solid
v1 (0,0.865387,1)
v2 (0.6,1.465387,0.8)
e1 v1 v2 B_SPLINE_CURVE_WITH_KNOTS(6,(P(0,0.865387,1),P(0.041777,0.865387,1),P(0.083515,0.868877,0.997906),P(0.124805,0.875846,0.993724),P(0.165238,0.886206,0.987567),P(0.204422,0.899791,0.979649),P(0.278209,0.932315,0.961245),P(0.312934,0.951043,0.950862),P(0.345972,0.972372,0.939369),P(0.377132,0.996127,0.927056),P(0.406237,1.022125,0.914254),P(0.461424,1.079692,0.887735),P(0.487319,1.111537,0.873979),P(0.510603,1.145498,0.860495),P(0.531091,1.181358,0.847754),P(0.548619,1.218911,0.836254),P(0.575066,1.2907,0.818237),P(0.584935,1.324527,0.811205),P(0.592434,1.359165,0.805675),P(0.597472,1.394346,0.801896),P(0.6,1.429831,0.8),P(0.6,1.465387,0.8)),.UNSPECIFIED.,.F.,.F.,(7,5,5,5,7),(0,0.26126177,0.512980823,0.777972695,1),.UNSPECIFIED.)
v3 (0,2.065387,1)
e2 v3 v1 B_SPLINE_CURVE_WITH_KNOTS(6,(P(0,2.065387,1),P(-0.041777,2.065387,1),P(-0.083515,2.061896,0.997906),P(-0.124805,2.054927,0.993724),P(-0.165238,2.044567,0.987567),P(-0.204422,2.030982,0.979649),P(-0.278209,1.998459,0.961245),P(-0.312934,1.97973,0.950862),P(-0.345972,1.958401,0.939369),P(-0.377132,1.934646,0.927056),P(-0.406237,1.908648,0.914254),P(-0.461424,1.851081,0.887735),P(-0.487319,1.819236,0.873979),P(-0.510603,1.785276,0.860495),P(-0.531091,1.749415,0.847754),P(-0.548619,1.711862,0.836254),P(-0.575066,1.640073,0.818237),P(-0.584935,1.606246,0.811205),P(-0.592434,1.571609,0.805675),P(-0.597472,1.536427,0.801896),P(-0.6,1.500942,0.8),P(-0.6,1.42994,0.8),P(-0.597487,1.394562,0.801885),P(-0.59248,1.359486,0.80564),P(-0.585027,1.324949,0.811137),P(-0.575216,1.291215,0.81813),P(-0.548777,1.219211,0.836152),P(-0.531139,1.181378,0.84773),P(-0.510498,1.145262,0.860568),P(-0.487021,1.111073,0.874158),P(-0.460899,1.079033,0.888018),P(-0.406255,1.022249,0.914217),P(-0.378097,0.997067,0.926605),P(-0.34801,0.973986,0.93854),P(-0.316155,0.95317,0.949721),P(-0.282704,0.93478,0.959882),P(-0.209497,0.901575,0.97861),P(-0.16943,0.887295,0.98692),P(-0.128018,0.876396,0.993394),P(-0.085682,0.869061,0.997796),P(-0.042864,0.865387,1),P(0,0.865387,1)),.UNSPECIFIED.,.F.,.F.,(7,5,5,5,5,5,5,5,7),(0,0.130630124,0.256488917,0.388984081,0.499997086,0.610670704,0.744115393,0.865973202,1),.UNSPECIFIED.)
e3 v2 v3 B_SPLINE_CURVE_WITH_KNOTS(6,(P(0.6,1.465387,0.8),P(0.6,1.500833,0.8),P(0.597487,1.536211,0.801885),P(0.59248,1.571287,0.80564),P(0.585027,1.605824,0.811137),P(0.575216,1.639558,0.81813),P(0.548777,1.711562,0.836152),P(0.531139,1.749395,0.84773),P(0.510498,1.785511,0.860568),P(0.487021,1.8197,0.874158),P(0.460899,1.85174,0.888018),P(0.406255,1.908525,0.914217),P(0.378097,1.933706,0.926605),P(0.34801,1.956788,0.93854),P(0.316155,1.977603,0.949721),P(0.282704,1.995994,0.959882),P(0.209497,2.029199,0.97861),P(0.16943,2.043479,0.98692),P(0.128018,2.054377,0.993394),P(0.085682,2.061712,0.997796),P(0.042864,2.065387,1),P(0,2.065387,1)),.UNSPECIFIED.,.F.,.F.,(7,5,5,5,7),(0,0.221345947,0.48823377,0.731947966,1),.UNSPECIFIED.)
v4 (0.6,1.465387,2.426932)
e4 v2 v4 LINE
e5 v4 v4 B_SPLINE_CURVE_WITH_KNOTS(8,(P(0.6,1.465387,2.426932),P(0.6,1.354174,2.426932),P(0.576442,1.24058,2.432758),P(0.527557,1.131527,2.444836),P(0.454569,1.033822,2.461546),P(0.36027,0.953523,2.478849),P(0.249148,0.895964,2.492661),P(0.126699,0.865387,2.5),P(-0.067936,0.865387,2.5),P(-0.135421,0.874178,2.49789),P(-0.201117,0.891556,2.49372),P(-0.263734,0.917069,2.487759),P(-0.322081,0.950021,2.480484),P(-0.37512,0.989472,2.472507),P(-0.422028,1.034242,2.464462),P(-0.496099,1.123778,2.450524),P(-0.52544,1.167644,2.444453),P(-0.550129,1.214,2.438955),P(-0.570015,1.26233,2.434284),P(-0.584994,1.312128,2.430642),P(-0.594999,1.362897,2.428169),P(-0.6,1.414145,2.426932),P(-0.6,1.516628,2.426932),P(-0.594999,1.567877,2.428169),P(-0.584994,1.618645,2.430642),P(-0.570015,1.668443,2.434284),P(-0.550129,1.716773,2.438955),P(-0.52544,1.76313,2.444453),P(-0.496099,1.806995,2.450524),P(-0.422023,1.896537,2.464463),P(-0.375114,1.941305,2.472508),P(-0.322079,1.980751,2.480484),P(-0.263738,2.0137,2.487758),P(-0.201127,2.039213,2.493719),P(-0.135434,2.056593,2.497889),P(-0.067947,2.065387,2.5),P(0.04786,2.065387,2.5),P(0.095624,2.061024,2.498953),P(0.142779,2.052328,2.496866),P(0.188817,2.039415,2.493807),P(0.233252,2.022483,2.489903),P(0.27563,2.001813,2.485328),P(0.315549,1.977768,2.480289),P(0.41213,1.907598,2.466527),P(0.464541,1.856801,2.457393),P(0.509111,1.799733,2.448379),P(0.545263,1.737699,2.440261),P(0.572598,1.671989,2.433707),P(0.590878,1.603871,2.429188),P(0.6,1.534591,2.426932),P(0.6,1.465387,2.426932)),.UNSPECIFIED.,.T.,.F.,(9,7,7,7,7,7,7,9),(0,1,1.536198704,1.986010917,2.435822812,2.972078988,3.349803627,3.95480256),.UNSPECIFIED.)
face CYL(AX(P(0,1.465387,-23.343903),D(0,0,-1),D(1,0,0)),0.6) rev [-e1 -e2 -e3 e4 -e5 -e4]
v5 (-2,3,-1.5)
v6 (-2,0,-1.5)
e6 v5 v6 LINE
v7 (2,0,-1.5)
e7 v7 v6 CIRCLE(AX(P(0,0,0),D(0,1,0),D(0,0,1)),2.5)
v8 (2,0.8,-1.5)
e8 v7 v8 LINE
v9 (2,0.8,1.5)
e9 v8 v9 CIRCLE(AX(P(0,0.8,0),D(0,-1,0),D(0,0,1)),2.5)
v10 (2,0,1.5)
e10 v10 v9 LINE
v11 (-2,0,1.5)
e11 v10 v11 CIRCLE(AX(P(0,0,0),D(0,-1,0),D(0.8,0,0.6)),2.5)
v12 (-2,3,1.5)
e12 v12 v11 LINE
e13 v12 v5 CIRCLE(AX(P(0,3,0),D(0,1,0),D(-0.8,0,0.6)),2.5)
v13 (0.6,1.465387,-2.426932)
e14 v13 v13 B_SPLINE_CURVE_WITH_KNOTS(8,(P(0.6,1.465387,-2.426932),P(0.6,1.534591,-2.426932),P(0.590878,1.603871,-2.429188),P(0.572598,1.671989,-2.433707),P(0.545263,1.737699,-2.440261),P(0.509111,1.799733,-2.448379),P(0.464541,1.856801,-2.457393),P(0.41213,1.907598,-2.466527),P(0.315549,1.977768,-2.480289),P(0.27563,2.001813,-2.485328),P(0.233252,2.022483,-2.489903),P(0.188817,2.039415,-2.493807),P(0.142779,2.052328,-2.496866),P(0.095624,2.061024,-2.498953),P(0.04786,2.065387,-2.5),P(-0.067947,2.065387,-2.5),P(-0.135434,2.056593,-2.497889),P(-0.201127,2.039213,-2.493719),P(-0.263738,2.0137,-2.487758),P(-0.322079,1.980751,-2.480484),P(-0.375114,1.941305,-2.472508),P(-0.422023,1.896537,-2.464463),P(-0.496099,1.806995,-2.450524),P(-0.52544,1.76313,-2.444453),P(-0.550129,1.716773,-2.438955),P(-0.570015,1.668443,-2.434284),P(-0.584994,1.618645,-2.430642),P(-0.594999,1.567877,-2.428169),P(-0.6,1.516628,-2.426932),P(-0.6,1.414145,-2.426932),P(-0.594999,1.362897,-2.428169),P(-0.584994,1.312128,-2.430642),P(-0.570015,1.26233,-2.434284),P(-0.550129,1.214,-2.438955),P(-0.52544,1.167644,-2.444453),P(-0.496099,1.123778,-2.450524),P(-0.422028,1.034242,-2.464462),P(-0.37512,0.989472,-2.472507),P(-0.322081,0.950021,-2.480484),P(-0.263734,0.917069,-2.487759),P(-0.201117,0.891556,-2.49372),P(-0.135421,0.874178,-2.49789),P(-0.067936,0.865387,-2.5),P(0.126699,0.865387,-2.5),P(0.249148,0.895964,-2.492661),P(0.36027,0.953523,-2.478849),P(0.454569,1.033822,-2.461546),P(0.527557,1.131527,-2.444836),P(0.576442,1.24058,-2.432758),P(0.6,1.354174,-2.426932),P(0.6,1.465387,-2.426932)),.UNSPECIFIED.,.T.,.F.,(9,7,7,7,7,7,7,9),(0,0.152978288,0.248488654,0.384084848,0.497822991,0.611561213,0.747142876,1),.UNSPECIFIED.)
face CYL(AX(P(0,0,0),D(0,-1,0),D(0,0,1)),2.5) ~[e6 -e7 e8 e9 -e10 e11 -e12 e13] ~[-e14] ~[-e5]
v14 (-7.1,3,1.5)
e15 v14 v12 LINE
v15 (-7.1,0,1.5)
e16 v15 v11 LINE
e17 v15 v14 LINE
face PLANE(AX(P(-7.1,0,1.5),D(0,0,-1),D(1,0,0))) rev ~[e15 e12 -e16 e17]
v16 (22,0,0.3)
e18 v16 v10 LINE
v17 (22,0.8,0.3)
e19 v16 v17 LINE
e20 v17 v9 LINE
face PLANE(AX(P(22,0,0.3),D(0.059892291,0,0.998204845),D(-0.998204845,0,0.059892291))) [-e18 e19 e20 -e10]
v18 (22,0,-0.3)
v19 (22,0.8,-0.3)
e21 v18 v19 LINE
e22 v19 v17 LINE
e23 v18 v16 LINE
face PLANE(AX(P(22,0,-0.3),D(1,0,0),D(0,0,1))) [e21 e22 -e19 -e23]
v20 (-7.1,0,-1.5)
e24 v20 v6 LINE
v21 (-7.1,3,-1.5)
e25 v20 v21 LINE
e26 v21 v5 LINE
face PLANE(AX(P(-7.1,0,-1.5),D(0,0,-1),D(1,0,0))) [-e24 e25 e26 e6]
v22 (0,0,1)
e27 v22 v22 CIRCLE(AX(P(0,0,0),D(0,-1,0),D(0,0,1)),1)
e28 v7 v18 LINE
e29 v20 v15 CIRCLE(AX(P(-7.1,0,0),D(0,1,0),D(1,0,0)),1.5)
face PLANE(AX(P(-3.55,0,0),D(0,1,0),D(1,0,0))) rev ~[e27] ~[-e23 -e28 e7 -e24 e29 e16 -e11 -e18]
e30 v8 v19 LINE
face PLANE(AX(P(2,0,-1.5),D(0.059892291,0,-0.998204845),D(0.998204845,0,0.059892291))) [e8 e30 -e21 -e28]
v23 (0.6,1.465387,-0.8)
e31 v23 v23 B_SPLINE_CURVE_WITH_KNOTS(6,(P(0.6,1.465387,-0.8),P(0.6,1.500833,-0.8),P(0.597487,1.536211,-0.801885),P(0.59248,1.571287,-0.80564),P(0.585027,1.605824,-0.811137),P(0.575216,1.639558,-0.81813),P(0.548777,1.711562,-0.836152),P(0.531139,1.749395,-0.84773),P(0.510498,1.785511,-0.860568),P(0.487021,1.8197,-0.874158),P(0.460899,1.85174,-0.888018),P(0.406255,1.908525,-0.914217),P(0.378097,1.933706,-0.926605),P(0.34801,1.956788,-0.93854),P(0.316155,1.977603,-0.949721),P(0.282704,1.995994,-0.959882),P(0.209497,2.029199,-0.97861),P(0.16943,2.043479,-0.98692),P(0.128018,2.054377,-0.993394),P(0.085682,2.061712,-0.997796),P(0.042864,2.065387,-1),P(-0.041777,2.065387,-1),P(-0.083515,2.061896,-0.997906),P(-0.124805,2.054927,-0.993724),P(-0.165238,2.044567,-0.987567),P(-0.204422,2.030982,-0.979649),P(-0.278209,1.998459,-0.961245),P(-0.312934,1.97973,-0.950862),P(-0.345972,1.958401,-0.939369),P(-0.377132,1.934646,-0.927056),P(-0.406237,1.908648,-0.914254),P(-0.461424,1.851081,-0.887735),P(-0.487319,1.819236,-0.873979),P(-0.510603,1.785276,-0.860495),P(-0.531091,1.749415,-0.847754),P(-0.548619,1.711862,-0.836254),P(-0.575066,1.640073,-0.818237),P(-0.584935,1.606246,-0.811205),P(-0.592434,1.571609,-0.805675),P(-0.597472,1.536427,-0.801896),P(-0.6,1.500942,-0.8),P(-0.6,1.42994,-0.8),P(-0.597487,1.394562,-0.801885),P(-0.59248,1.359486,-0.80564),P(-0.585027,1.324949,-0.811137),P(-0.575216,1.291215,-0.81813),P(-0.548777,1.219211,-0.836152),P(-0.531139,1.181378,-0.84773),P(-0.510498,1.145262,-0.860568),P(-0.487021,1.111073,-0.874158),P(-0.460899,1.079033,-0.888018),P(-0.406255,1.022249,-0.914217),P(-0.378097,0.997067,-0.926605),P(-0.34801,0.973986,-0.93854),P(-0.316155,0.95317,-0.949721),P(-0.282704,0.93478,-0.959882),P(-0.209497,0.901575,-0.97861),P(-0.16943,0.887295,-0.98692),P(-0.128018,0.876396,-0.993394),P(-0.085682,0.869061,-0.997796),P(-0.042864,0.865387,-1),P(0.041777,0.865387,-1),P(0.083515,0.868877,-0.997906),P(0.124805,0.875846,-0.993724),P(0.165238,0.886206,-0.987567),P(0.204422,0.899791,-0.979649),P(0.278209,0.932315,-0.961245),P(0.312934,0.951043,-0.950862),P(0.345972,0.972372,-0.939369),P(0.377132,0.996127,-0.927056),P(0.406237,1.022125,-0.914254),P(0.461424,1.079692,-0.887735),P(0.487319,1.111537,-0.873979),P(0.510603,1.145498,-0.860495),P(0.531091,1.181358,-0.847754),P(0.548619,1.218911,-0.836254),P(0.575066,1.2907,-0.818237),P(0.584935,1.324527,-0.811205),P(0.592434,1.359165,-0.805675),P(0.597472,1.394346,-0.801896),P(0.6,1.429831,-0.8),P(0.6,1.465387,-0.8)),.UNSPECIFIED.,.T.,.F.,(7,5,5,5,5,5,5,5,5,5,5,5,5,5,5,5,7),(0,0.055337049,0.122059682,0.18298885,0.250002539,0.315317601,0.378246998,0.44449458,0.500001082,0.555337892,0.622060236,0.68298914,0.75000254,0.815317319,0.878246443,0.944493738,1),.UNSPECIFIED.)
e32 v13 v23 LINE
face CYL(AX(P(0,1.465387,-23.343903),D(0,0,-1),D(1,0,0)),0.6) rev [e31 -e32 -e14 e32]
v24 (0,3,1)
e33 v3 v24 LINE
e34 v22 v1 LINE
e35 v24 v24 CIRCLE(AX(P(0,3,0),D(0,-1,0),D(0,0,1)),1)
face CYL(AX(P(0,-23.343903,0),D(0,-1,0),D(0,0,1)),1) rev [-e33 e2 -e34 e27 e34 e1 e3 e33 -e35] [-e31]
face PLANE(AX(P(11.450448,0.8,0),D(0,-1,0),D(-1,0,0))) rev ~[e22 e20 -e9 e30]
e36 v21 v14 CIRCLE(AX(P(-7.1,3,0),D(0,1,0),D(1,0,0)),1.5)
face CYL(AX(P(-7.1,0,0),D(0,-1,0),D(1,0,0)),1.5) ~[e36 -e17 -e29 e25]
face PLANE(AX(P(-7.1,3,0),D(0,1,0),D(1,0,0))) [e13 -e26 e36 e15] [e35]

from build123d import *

# Parameters (mm, degrees)
HUB_SKETCH_R              = 2.5
HUB_DEPTH                 = 3
POINTER_DEPTH             = 0.8
TAIL_SKETCH_W             = 7.1
TAIL_SKETCH_H             = 3
TAIL_DEPTH                = 3
TAIL_END_SKETCH_R         = 1.5
TAIL_END_DEPTH            = 3
SHAFT_BORE_DEPTH          = 23.343902972
SHAFT_BORE_DEPTH_BACK     = 23.343902972
BORE_SKETCH_R             = 1
SET_SCREW_HOLE_DEPTH      = 23.343902972
SET_SCREW_HOLE_DEPTH_BACK = 23.343902972
SETSCREW_SKETCH_R         = 0.6


with BuildPart() as part:
    # HUB_SKETCH → HUB (new body)
    with BuildSketch(Plane(origin=(0, 0, 0), x_dir=(1, 0, 0), z_dir=(0, 1, 0))):
        Circle(HUB_SKETCH_R)
    extrude(amount=HUB_DEPTH)

    # POINTER_SKETCH → POINTER (add)
    with BuildSketch(Plane(origin=(0, 0, 0), x_dir=(1, 0, 0), z_dir=(0, 1, 0))):
        Polygon((2, 1.5), (22, 0.3), (22, -0.3), (2, -1.5), align=None)
    extrude(amount=POINTER_DEPTH)

    # TAIL_SKETCH → TAIL (add)
    with BuildSketch(Plane(origin=(0, 0, 0), x_dir=(1, 0, 0), z_dir=(0, 1, 0))):
        with Locations((-3.55, 0)):
            Rectangle(TAIL_SKETCH_W, TAIL_SKETCH_H)
    extrude(amount=TAIL_DEPTH)

    # TAIL_END_SKETCH → TAIL_END (add)
    with BuildSketch(Plane(origin=(0, 0, 0), x_dir=(1, 0, 0), z_dir=(0, 1, 0))):
        with Locations((-7.1, 0)):
            Circle(TAIL_END_SKETCH_R)
    extrude(amount=TAIL_END_DEPTH)

    # BORE_SKETCH → SHAFT_BORE (cut, two sides: drawn at the far end of the back side and taken through both)
    with BuildSketch(Plane(origin=(0, 0, 0), x_dir=(1, 0, 0), z_dir=(0, 1, 0)).offset(-SHAFT_BORE_DEPTH_BACK)):
        Circle(BORE_SKETCH_R)
    extrude(amount=SHAFT_BORE_DEPTH + SHAFT_BORE_DEPTH_BACK, mode=Mode.SUBTRACT)

    # SETSCREW_SKETCH → SET_SCREW_HOLE (cut, two sides: drawn at the far end of the back side and taken through both)
    with BuildSketch(Plane.XY.offset(-SET_SCREW_HOLE_DEPTH_BACK)):
        with Locations((0, 1.46538664)):
            Circle(SETSCREW_SKETCH_R)
    extrude(amount=SET_SCREW_HOLE_DEPTH + SET_SCREW_HOLE_DEPTH_BACK, mode=Mode.SUBTRACT)


solid = part.part
